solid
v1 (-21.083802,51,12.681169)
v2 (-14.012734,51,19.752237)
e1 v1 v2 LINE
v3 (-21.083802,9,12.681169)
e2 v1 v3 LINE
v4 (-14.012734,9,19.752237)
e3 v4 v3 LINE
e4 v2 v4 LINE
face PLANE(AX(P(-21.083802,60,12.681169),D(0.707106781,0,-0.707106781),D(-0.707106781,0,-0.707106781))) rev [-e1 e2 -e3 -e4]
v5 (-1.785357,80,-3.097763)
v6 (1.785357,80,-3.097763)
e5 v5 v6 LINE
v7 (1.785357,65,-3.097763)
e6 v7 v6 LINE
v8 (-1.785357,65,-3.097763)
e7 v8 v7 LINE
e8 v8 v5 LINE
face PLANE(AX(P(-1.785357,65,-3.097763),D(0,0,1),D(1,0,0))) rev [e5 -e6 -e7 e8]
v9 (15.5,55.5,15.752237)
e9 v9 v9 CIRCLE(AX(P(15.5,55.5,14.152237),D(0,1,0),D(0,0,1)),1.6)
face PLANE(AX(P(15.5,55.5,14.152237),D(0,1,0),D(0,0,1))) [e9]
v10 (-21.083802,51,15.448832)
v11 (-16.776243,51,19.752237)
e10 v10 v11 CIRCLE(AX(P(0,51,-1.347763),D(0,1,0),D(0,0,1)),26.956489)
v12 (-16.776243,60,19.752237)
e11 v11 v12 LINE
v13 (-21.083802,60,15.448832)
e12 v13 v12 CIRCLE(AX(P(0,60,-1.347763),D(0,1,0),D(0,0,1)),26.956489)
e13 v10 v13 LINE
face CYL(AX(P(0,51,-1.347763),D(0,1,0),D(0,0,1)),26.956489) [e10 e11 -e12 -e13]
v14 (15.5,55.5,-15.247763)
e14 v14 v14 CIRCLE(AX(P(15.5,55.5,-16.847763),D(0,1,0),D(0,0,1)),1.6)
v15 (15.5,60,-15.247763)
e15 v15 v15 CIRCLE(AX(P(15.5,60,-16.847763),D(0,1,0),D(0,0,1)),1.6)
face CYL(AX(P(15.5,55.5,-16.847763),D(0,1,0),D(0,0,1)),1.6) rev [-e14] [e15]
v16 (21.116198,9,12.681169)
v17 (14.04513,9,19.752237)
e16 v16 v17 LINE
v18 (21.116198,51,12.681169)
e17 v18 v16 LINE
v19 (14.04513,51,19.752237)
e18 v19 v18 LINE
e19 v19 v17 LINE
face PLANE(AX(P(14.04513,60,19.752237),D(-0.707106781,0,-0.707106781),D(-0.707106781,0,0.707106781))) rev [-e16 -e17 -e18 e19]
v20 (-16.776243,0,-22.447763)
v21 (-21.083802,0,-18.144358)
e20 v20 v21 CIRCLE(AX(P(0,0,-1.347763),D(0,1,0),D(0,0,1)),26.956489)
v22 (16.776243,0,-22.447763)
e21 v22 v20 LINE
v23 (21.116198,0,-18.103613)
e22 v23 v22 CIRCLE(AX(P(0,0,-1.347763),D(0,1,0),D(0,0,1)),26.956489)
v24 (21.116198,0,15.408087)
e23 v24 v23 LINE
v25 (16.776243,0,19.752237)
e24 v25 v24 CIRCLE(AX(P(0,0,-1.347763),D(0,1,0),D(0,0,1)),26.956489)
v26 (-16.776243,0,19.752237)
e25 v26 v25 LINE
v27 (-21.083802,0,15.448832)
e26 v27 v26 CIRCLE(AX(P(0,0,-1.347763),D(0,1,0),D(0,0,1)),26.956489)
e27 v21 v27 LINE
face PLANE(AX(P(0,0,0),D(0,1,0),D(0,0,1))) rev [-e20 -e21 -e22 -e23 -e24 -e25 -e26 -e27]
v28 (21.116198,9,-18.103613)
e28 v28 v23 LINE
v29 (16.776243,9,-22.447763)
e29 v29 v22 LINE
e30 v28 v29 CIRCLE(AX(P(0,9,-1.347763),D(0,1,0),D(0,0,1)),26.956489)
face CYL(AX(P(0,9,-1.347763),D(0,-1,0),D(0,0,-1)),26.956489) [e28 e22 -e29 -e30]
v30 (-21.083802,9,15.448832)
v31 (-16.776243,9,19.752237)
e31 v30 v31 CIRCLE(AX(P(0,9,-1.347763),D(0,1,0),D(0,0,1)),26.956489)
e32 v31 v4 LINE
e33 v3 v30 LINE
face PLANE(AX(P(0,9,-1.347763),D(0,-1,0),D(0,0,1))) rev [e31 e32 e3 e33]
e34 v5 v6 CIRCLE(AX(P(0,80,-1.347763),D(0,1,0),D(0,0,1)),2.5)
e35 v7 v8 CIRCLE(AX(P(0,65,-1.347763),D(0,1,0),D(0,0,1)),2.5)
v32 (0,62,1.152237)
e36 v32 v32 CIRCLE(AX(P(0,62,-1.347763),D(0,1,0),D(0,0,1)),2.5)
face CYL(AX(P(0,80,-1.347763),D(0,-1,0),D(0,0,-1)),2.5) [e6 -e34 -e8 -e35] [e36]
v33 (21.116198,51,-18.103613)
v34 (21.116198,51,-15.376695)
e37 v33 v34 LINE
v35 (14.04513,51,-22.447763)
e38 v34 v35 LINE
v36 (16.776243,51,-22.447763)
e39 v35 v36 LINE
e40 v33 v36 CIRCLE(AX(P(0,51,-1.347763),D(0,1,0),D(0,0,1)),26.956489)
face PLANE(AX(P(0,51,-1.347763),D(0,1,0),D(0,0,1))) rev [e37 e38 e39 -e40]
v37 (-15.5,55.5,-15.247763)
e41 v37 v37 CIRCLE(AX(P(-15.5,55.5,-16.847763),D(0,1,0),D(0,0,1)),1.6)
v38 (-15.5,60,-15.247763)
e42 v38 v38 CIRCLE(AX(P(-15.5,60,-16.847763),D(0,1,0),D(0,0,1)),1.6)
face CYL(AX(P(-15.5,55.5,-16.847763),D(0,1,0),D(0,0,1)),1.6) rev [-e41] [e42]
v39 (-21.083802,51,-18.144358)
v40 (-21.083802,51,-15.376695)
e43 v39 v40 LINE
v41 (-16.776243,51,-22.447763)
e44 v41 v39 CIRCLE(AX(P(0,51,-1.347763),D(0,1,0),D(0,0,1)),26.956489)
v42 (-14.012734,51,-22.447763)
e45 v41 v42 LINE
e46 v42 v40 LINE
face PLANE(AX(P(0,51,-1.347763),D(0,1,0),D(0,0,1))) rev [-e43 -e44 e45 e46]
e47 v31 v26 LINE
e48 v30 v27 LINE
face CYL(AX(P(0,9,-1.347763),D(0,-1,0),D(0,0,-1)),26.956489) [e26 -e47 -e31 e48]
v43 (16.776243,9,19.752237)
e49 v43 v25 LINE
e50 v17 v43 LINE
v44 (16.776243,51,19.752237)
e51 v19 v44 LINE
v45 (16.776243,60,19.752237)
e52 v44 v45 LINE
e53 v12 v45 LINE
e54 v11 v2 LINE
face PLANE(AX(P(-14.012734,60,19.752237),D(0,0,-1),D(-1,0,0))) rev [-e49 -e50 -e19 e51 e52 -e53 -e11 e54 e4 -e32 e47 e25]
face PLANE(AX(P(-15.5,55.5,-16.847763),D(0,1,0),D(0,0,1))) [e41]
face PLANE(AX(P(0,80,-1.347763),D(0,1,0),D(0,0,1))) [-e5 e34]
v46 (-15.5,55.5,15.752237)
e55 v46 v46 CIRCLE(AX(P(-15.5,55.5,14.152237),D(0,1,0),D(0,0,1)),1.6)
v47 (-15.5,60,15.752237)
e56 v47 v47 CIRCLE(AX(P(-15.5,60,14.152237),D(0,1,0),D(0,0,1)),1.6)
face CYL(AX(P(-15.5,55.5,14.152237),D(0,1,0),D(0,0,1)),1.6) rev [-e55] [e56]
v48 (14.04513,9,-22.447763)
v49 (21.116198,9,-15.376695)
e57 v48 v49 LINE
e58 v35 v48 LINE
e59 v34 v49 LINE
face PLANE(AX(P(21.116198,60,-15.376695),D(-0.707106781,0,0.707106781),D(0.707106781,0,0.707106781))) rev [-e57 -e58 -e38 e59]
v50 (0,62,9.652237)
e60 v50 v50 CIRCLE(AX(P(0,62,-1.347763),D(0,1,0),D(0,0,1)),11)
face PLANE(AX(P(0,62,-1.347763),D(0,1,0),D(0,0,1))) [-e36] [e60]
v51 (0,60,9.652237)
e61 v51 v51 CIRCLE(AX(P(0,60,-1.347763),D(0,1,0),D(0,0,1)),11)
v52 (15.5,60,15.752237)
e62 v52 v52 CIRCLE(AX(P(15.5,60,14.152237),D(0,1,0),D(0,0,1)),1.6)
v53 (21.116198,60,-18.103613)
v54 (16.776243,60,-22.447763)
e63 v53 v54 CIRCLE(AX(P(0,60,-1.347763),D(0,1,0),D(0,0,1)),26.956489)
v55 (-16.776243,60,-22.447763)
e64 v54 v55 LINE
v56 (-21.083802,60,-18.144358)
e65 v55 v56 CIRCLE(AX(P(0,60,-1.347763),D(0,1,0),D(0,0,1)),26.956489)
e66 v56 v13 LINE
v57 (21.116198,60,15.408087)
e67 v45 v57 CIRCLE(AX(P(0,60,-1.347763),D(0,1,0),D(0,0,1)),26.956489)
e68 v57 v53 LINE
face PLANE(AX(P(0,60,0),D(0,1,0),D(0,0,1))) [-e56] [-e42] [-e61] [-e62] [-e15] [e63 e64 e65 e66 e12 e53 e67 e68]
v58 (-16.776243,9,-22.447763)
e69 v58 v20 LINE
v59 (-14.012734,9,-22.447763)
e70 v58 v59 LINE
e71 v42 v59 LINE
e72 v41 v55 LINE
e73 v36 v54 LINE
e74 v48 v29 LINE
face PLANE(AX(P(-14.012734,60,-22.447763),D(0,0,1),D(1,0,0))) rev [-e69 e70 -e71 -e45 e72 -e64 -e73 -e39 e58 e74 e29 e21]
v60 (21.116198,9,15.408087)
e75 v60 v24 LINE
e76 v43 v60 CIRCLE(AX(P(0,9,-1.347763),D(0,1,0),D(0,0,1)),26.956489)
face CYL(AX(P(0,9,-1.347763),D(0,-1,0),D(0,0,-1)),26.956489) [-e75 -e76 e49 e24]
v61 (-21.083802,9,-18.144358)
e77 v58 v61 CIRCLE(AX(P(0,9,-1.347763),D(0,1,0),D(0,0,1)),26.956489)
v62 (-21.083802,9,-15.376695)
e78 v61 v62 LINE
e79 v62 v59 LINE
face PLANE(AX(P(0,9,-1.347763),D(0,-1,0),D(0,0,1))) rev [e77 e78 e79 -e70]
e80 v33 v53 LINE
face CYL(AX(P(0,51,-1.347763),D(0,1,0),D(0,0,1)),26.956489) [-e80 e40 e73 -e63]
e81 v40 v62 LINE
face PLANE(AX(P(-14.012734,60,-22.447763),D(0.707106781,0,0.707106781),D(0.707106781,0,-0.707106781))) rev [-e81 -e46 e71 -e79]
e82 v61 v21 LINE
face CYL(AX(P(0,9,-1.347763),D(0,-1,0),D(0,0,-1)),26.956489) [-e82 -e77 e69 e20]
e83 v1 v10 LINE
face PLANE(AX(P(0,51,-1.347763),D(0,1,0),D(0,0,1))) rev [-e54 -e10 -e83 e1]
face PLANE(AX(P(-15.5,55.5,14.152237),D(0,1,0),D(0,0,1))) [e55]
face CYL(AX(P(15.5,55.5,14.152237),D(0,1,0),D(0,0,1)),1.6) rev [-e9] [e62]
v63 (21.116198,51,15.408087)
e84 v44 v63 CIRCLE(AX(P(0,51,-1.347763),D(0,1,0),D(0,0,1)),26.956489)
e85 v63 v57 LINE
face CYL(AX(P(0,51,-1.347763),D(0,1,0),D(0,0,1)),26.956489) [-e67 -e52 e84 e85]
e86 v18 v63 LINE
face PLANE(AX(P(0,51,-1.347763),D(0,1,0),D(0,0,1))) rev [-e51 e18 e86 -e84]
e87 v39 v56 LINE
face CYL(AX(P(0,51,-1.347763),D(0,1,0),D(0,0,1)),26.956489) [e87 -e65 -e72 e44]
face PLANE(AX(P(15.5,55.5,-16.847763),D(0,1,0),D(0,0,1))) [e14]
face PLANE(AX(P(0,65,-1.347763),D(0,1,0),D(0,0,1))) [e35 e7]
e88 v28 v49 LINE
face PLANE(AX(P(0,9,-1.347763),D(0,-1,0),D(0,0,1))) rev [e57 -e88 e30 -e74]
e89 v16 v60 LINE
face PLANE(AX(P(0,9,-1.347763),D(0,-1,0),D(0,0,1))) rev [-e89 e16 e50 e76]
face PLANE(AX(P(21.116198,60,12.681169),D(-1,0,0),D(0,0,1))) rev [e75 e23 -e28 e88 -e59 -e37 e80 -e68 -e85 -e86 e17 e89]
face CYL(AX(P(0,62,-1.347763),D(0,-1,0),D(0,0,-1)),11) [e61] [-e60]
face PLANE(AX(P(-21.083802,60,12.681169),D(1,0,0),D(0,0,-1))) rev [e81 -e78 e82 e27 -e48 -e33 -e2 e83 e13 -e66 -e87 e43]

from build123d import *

# Parameters (mm, degrees)
EXTRUDE_1_DEPTH     = 60
EXTRUDE_2_DEPTH     = 9
SKETCH_7_R          = 11
EXTRUDE_3_DEPTH     = 2
SKETCH_8_R          = 2.5
EXTRUDE_4_DEPTH     = 18
CUT_EXTRUDE_START   = -15
CUT_EXTRUDE_1_DEPTH = 15
SKETCH_10_R         = 1.6
CUT_EXTRUDE_2_DEPTH = 4.5


with BuildPart() as part:
    # 草图2 → 凸台-拉伸1 (new body)
    with BuildSketch(Plane(origin=(0, 0, 0), x_dir=(1, 0, 0), z_dir=(0, 1, 0))):
        Polygon((-14.012734328, 22.447763171), (-21.08380214, 15.376695359), (-21.08380214, -12.681169017), (-14.012734328, -19.752236829), (14.045130048, -19.752236829), (21.11619786, -12.681169017), (21.11619786, 15.376695359), (14.045130048, 22.447763171), align=None)
    extrude(amount=EXTRUDE_1_DEPTH)

    # 草图5 → 凸台-拉伸2 (add)
    with BuildSketch(Plane(origin=(0, 60, 0), x_dir=(1, 0, 0), z_dir=(0, 1, 0))):
        with BuildLine():
            Line((-16.776242784, 22.447763171), (16.776242784, 22.447763171))
            ThreePointArc((16.776242784, 22.447763171), (19.070321818, 20.399669839), (21.11619786, 18.103613191))
            Line((21.11619786, 18.103613191), (21.11619786, -15.408086849))
            ThreePointArc((21.11619786, -15.408086849), (19.070321818, -17.704143498), (16.776242784, -19.752236829))
            Line((16.776242784, -19.752236829), (-16.776242784, -19.752236829))
            ThreePointArc((-16.776242784, -19.752236829), (-19.051917848, -17.722547478), (-21.08380214, -15.448831998))
            Line((-21.08380214, -15.448831998), (-21.08380214, 18.14435834))
            ThreePointArc((-21.08380214, 18.14435834), (-19.051917848, 20.41807382), (-16.776242784, 22.447763171))
        make_face()
    extrude_2 = extrude(amount=-EXTRUDE_2_DEPTH)

    # 镜向1: 凸台-拉伸2 across plane
    add(extrude_2.mirror(Plane.ZX.offset(30)))

    # 草图7 → 凸台-拉伸3 (add)
    with BuildSketch(Plane(origin=(0, 60, 0), x_dir=(1, 0, 0), z_dir=(0, 1, 0))):
        with Locations(Location((0, 1.347763171, 0), (0, 0, 270))):
            Circle(SKETCH_7_R)
    extrude(amount=EXTRUDE_3_DEPTH)

    # 草图8 → 凸台-拉伸4 (add)
    with BuildSketch(Plane(origin=(0, 62, 0), x_dir=(1, 0, 0), z_dir=(0, 1, 0))):
        with Locations(Location((0, 1.347763171, 0), (0, 0, 270))):
            Circle(SKETCH_8_R)
    extrude(amount=EXTRUDE_4_DEPTH)

    # 草图9 → 切除-拉伸1 (cut)
    with BuildSketch(Plane(origin=(0, 80, 0), x_dir=(1, 0, 0), z_dir=(0, 1, 0)).offset(CUT_EXTRUDE_START)):
        with BuildLine():
            Line((-1.785357107, 3.097763171), (1.785357107, 3.097763171))
            ThreePointArc((1.785357107, 3.097763171), (0, 3.847763171), (-1.785357107, 3.097763171))
        make_face()
    extrude(amount=CUT_EXTRUDE_1_DEPTH, mode=Mode.SUBTRACT)

    # 草图10 → 切除-拉伸2 (cut)
    with BuildSketch(Plane(origin=(0, 60, 0), x_dir=(1, 0, 0), z_dir=(0, 1, 0))):
        with Locations(Location((-15.5, 16.847763171, 0), (0, 0, 270))):
            Circle(SKETCH_10_R)
        with Locations(Location((15.5, 16.847763171, 0), (0, 0, 270))):
            Circle(SKETCH_10_R)
        with Locations(Location((15.5, -14.152236829, 0), (0, 0, 270))):
            Circle(SKETCH_10_R)
        with Locations(Location((-15.5, -14.152236829, 0), (0, 0, 270))):
            Circle(SKETCH_10_R)
    extrude(amount=-CUT_EXTRUDE_2_DEPTH, mode=Mode.SUBTRACT)


solid = part.part
